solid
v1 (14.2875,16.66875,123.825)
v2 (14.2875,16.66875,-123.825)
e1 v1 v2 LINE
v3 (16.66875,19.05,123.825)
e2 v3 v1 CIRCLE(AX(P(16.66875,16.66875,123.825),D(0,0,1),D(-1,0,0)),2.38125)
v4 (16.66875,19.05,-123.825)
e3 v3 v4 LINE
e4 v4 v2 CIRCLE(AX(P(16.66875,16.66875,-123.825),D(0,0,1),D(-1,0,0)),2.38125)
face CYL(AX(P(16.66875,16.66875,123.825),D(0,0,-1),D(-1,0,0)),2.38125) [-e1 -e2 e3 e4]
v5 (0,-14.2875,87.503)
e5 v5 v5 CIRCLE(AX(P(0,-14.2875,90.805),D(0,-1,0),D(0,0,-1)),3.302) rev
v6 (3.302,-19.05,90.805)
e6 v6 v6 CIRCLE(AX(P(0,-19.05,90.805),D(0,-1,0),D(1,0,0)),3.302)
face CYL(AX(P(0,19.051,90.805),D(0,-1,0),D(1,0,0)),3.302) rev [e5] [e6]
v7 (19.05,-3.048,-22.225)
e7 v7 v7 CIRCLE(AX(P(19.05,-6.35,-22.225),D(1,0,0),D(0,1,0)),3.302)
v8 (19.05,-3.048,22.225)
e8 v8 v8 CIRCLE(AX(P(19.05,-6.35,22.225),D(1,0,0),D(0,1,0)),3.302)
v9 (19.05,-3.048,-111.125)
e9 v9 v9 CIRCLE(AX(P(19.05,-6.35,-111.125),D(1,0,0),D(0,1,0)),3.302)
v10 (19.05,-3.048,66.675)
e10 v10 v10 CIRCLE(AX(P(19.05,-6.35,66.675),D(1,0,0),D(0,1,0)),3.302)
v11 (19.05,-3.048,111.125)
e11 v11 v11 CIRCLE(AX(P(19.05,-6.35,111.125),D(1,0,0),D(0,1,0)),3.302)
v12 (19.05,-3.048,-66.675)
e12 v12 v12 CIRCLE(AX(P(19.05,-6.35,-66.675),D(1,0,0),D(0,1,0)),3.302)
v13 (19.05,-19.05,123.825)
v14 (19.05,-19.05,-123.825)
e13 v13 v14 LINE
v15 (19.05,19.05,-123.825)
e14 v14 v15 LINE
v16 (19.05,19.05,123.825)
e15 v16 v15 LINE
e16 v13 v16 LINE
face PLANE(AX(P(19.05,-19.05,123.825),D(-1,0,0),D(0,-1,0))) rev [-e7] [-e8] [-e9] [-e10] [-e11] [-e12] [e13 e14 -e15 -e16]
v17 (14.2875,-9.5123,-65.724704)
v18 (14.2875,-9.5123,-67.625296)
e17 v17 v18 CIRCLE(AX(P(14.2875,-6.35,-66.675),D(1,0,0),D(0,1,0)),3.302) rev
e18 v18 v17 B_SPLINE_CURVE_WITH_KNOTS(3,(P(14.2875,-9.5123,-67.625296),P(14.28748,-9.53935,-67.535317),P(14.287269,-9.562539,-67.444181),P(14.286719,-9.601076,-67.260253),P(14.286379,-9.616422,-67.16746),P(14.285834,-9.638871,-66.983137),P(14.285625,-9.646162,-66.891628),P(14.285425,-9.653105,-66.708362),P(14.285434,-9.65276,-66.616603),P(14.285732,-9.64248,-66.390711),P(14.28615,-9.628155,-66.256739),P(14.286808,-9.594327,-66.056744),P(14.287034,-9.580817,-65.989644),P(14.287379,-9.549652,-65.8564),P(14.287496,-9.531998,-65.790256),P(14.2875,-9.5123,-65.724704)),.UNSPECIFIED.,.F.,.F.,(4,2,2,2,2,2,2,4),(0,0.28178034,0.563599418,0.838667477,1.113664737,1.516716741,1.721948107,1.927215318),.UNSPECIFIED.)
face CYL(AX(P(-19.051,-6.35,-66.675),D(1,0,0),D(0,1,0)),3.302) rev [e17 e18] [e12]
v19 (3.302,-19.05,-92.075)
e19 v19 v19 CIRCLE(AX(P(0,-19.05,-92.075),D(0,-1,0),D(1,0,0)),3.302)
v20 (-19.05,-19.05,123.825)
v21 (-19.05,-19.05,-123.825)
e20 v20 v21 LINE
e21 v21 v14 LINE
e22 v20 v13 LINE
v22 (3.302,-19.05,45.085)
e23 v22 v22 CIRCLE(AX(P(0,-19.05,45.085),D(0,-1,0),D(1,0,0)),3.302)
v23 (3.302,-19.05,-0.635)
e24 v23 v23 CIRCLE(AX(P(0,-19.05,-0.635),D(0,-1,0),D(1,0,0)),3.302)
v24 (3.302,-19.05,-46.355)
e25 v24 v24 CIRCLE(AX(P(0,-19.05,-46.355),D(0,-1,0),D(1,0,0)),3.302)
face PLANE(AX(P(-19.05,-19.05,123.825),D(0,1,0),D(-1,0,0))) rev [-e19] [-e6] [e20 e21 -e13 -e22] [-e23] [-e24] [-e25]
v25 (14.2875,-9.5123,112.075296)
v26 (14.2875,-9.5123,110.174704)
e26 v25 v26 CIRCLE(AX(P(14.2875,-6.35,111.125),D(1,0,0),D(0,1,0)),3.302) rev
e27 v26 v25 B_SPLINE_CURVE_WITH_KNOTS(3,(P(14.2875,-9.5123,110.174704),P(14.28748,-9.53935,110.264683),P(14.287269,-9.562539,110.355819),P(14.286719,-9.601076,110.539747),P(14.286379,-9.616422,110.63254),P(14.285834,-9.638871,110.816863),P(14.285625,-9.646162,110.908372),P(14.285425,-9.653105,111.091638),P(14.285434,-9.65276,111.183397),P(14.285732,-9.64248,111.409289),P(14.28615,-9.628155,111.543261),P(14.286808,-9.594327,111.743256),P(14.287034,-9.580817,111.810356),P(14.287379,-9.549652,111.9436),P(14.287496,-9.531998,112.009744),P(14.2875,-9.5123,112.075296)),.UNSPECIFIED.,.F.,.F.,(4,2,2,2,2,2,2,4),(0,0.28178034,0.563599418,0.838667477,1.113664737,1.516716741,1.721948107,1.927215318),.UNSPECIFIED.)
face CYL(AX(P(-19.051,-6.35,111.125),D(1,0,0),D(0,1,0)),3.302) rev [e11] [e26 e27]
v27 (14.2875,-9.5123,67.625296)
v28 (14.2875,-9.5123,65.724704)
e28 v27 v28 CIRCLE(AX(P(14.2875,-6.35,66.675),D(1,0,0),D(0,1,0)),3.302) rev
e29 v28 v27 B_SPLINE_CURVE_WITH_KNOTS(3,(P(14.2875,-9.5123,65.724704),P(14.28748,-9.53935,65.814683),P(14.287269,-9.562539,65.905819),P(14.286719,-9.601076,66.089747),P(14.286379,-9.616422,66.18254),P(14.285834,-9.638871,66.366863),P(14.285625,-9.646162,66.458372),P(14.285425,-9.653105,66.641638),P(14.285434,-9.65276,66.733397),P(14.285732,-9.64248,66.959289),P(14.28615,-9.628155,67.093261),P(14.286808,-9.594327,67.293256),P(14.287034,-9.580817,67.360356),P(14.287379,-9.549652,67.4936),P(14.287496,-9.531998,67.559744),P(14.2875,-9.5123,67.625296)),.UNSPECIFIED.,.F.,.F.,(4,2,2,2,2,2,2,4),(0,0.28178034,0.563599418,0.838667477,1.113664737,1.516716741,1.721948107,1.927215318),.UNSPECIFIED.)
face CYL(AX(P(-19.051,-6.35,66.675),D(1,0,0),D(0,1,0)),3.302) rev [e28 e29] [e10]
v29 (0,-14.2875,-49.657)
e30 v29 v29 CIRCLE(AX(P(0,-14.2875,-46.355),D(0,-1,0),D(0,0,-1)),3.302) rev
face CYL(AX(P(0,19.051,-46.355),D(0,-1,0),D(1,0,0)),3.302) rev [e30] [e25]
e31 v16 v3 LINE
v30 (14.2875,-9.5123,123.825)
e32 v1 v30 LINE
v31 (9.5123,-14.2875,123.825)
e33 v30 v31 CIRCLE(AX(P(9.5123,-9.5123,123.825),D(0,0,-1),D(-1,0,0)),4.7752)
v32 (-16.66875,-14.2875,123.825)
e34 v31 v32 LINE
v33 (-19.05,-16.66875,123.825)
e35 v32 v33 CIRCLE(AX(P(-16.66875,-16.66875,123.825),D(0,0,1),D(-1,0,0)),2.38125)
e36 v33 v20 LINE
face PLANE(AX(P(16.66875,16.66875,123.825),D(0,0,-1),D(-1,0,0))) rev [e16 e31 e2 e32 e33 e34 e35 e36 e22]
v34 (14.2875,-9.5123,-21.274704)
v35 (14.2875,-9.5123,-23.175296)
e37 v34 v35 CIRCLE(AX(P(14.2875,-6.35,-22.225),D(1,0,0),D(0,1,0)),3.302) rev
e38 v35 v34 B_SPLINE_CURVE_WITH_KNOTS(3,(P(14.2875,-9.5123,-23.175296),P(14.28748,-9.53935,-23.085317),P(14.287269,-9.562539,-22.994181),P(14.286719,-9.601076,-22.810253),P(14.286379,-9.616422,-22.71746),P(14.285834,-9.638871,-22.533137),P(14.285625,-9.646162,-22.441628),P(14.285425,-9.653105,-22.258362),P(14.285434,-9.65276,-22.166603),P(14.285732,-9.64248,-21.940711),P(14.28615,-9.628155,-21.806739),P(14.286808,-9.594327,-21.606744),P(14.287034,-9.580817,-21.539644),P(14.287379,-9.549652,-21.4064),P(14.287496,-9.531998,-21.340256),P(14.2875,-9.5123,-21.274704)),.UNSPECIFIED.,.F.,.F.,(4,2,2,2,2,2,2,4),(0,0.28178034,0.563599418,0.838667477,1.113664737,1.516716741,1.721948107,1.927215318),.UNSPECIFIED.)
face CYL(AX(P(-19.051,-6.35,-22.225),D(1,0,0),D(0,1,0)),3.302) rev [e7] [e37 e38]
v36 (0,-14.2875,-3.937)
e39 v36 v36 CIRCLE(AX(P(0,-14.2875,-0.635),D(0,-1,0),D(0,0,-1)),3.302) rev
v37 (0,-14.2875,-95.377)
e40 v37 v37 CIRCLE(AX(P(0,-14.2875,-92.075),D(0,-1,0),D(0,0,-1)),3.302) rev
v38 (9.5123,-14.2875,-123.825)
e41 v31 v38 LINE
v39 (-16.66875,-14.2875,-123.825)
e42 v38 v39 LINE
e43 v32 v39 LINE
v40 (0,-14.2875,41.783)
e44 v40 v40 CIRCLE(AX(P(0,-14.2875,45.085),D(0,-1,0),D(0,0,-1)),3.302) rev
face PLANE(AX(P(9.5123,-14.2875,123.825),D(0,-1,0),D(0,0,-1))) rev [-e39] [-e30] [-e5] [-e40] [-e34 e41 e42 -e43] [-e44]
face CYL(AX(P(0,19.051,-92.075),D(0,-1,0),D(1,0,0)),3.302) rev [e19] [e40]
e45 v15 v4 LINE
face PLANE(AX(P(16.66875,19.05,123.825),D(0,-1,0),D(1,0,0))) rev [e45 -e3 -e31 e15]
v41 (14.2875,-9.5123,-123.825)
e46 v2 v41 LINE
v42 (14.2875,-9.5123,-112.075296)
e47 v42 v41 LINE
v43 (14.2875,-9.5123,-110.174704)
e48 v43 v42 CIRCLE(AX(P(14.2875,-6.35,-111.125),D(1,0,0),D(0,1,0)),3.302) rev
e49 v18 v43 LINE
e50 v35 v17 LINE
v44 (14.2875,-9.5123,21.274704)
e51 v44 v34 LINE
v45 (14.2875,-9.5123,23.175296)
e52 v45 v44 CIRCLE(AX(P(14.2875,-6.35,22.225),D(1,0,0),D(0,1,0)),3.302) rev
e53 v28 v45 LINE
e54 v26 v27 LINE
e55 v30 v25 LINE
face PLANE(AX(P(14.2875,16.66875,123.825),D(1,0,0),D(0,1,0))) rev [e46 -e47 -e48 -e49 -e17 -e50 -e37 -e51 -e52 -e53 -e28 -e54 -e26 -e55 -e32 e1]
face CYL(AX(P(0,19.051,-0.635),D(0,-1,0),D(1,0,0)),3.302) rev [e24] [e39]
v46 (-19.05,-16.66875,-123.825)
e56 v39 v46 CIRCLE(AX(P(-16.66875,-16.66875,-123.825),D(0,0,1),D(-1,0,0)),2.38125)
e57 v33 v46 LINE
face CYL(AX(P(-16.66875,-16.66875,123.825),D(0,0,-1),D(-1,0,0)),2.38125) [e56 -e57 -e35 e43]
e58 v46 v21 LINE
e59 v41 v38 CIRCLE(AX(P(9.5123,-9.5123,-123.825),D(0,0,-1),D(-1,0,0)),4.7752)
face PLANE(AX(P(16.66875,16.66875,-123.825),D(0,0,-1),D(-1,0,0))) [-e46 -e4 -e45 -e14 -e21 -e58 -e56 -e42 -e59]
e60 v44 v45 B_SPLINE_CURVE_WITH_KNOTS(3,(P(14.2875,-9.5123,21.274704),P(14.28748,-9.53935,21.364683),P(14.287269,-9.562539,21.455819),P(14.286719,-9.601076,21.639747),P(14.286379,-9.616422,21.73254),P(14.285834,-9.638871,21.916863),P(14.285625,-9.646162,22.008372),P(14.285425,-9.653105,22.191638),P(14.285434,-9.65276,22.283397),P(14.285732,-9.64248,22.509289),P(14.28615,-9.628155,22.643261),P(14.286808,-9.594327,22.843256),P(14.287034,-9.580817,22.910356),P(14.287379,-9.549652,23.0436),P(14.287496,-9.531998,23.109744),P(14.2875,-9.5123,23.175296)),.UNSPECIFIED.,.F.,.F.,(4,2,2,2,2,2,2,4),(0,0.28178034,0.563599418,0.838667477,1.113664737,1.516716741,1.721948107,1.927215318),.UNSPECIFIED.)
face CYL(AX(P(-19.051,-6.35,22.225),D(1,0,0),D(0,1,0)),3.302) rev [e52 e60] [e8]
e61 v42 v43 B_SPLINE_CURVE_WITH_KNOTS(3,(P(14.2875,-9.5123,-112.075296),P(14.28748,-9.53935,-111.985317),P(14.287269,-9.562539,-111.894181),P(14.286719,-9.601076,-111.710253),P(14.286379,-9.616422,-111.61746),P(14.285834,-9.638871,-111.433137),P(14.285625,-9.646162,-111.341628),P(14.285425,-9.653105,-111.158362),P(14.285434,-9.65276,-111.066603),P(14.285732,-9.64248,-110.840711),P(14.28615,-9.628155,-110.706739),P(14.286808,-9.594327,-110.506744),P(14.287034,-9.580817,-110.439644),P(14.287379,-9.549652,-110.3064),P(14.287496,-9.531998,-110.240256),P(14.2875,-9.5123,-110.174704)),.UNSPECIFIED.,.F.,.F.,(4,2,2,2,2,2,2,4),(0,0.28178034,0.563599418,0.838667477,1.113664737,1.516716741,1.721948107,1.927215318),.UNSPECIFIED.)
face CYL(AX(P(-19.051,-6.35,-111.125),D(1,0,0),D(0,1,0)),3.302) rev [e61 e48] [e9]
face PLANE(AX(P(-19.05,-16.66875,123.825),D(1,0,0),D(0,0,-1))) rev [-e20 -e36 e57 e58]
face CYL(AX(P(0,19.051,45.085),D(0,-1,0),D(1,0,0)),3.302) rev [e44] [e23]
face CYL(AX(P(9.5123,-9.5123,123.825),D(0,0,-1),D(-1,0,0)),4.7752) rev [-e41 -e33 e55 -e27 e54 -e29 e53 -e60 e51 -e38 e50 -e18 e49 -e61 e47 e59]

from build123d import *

# Parameters (mm, degrees)
BOSS_EXTRUDE1_DEPTH = 123.825
CUT_EXTRUDE1_REACH  = 40.1
SKETCH3_R           = 3.302
CUT_EXTRUDE2_REACH  = 40.1
SKETCH4_R           = 3.302


with BuildPart() as part:
    # Sketch2 → Boss-Extrude1 (new body, symmetric)
    with BuildSketch(Plane.XY):
        with BuildLine():
            Line((-19.05, -19.05), (19.05, -19.05))
            Line((19.05, -19.05), (19.05, 19.05))
            Line((19.05, 19.05), (16.66875, 19.05))
            ThreePointArc((16.66875, 19.05), (14.984951977, 18.352548023), (14.2875, 16.66875))
            Line((14.2875, 16.66875), (14.2875, -9.5123))
            ThreePointArc((14.2875, -9.5123), (12.888876302, -12.888876302), (9.5123, -14.2875))
            Line((9.5123, -14.2875), (-16.66875, -14.2875))
            ThreePointArc((-16.66875, -14.2875), (-18.352548023, -14.984951977), (-19.05, -16.66875))
            Line((-19.05, -16.66875), (-19.05, -19.05))
        make_face()
    extrude(amount=BOSS_EXTRUDE1_DEPTH, both=True)

    # Sketch3 → Cut-Extrude1 (cut, up to next)
    with BuildSketch(Plane(origin=(19.05, 0, 0), x_dir=(0, 0, -1), z_dir=(1, 0, 0)), mode=Mode.PRIVATE) as cut_extrude1_sk1:
        with Locations((111.125, -6.35)):
            Circle(SKETCH3_R)
    cut_extrude1_tool1 = extrude(cut_extrude1_sk1.sketch, amount=-CUT_EXTRUDE1_REACH, mode=Mode.PRIVATE) & part.part
    add(cut_extrude1_tool1.solids().sort_by_distance((19.05, -6.35, -111.125))[0], mode=Mode.SUBTRACT)
    # Sketch3 → Cut-Extrude1 (cut, up to next)
    with BuildSketch(Plane(origin=(19.05, 0, 0), x_dir=(0, 0, -1), z_dir=(1, 0, 0)), mode=Mode.PRIVATE) as cut_extrude1_sk2:
        with Locations((66.675, -6.35)):
            Circle(SKETCH3_R)
    cut_extrude1_tool2 = extrude(cut_extrude1_sk2.sketch, amount=-CUT_EXTRUDE1_REACH, mode=Mode.PRIVATE) & part.part
    add(cut_extrude1_tool2.solids().sort_by_distance((19.05, -6.35, -66.675))[0], mode=Mode.SUBTRACT)
    # Sketch3 → Cut-Extrude1 (cut, up to next)
    with BuildSketch(Plane(origin=(19.05, 0, 0), x_dir=(0, 0, -1), z_dir=(1, 0, 0)), mode=Mode.PRIVATE) as cut_extrude1_sk3:
        with Locations((22.225, -6.35)):
            Circle(SKETCH3_R)
    cut_extrude1_tool3 = extrude(cut_extrude1_sk3.sketch, amount=-CUT_EXTRUDE1_REACH, mode=Mode.PRIVATE) & part.part
    add(cut_extrude1_tool3.solids().sort_by_distance((19.05, -6.35, -22.225))[0], mode=Mode.SUBTRACT)
    # Sketch3 → Cut-Extrude1 (cut, up to next)
    with BuildSketch(Plane(origin=(19.05, 0, 0), x_dir=(0, 0, -1), z_dir=(1, 0, 0)), mode=Mode.PRIVATE) as cut_extrude1_sk4:
        with Locations((-22.225, -6.35)):
            Circle(SKETCH3_R)
    cut_extrude1_tool4 = extrude(cut_extrude1_sk4.sketch, amount=-CUT_EXTRUDE1_REACH, mode=Mode.PRIVATE) & part.part
    add(cut_extrude1_tool4.solids().sort_by_distance((19.05, -6.35, 22.225))[0], mode=Mode.SUBTRACT)
    # Sketch3 → Cut-Extrude1 (cut, up to next)
    with BuildSketch(Plane(origin=(19.05, 0, 0), x_dir=(0, 0, -1), z_dir=(1, 0, 0)), mode=Mode.PRIVATE) as cut_extrude1_sk5:
        with Locations((-66.675, -6.35)):
            Circle(SKETCH3_R)
    cut_extrude1_tool5 = extrude(cut_extrude1_sk5.sketch, amount=-CUT_EXTRUDE1_REACH, mode=Mode.PRIVATE) & part.part
    add(cut_extrude1_tool5.solids().sort_by_distance((19.05, -6.35, 66.675))[0], mode=Mode.SUBTRACT)
    # Sketch3 → Cut-Extrude1 (cut, up to next)
    with BuildSketch(Plane(origin=(19.05, 0, 0), x_dir=(0, 0, -1), z_dir=(1, 0, 0)), mode=Mode.PRIVATE) as cut_extrude1_sk6:
        with Locations((-111.125, -6.35)):
            Circle(SKETCH3_R)
    cut_extrude1_tool6 = extrude(cut_extrude1_sk6.sketch, amount=-CUT_EXTRUDE1_REACH, mode=Mode.PRIVATE) & part.part
    add(cut_extrude1_tool6.solids().sort_by_distance((19.05, -6.35, 111.125))[0], mode=Mode.SUBTRACT)

    # Sketch4 → Cut-Extrude2 (cut, up to next)
    with BuildSketch(Plane.XZ.offset(19.05), mode=Mode.PRIVATE) as cut_extrude2_sk1:
        with Locations((0, -92.075)):
            Circle(SKETCH4_R)
    cut_extrude2_tool1 = extrude(cut_extrude2_sk1.sketch, amount=-CUT_EXTRUDE2_REACH, mode=Mode.PRIVATE) & part.part
    add(cut_extrude2_tool1.solids().sort_by_distance((0, -19.05, -92.075))[0], mode=Mode.SUBTRACT)
    # Sketch4 → Cut-Extrude2 (cut, up to next)
    with BuildSketch(Plane.XZ.offset(19.05), mode=Mode.PRIVATE) as cut_extrude2_sk2:
        with Locations((0, -46.355)):
            Circle(SKETCH4_R)
    cut_extrude2_tool2 = extrude(cut_extrude2_sk2.sketch, amount=-CUT_EXTRUDE2_REACH, mode=Mode.PRIVATE) & part.part
    add(cut_extrude2_tool2.solids().sort_by_distance((0, -19.05, -46.355))[0], mode=Mode.SUBTRACT)
    # Sketch4 → Cut-Extrude2 (cut, up to next)
    with BuildSketch(Plane.XZ.offset(19.05), mode=Mode.PRIVATE) as cut_extrude2_sk3:
        with Locations((0, -0.635)):
            Circle(SKETCH4_R)
    cut_extrude2_tool3 = extrude(cut_extrude2_sk3.sketch, amount=-CUT_EXTRUDE2_REACH, mode=Mode.PRIVATE) & part.part
    add(cut_extrude2_tool3.solids().sort_by_distance((0, -19.05, -0.635))[0], mode=Mode.SUBTRACT)
    # Sketch4 → Cut-Extrude2 (cut, up to next)
    with BuildSketch(Plane.XZ.offset(19.05), mode=Mode.PRIVATE) as cut_extrude2_sk4:
        with Locations((0, 45.085)):
            Circle(SKETCH4_R)
    cut_extrude2_tool4 = extrude(cut_extrude2_sk4.sketch, amount=-CUT_EXTRUDE2_REACH, mode=Mode.PRIVATE) & part.part
    add(cut_extrude2_tool4.solids().sort_by_distance((0, -19.05, 45.085))[0], mode=Mode.SUBTRACT)
    # Sketch4 → Cut-Extrude2 (cut, up to next)
    with BuildSketch(Plane.XZ.offset(19.05), mode=Mode.PRIVATE) as cut_extrude2_sk5:
        with Locations((0, 90.805)):
            Circle(SKETCH4_R)
    cut_extrude2_tool5 = extrude(cut_extrude2_sk5.sketch, amount=-CUT_EXTRUDE2_REACH, mode=Mode.PRIVATE) & part.part
    add(cut_extrude2_tool5.solids().sort_by_distance((0, -19.05, 90.805))[0], mode=Mode.SUBTRACT)


solid = part.part
